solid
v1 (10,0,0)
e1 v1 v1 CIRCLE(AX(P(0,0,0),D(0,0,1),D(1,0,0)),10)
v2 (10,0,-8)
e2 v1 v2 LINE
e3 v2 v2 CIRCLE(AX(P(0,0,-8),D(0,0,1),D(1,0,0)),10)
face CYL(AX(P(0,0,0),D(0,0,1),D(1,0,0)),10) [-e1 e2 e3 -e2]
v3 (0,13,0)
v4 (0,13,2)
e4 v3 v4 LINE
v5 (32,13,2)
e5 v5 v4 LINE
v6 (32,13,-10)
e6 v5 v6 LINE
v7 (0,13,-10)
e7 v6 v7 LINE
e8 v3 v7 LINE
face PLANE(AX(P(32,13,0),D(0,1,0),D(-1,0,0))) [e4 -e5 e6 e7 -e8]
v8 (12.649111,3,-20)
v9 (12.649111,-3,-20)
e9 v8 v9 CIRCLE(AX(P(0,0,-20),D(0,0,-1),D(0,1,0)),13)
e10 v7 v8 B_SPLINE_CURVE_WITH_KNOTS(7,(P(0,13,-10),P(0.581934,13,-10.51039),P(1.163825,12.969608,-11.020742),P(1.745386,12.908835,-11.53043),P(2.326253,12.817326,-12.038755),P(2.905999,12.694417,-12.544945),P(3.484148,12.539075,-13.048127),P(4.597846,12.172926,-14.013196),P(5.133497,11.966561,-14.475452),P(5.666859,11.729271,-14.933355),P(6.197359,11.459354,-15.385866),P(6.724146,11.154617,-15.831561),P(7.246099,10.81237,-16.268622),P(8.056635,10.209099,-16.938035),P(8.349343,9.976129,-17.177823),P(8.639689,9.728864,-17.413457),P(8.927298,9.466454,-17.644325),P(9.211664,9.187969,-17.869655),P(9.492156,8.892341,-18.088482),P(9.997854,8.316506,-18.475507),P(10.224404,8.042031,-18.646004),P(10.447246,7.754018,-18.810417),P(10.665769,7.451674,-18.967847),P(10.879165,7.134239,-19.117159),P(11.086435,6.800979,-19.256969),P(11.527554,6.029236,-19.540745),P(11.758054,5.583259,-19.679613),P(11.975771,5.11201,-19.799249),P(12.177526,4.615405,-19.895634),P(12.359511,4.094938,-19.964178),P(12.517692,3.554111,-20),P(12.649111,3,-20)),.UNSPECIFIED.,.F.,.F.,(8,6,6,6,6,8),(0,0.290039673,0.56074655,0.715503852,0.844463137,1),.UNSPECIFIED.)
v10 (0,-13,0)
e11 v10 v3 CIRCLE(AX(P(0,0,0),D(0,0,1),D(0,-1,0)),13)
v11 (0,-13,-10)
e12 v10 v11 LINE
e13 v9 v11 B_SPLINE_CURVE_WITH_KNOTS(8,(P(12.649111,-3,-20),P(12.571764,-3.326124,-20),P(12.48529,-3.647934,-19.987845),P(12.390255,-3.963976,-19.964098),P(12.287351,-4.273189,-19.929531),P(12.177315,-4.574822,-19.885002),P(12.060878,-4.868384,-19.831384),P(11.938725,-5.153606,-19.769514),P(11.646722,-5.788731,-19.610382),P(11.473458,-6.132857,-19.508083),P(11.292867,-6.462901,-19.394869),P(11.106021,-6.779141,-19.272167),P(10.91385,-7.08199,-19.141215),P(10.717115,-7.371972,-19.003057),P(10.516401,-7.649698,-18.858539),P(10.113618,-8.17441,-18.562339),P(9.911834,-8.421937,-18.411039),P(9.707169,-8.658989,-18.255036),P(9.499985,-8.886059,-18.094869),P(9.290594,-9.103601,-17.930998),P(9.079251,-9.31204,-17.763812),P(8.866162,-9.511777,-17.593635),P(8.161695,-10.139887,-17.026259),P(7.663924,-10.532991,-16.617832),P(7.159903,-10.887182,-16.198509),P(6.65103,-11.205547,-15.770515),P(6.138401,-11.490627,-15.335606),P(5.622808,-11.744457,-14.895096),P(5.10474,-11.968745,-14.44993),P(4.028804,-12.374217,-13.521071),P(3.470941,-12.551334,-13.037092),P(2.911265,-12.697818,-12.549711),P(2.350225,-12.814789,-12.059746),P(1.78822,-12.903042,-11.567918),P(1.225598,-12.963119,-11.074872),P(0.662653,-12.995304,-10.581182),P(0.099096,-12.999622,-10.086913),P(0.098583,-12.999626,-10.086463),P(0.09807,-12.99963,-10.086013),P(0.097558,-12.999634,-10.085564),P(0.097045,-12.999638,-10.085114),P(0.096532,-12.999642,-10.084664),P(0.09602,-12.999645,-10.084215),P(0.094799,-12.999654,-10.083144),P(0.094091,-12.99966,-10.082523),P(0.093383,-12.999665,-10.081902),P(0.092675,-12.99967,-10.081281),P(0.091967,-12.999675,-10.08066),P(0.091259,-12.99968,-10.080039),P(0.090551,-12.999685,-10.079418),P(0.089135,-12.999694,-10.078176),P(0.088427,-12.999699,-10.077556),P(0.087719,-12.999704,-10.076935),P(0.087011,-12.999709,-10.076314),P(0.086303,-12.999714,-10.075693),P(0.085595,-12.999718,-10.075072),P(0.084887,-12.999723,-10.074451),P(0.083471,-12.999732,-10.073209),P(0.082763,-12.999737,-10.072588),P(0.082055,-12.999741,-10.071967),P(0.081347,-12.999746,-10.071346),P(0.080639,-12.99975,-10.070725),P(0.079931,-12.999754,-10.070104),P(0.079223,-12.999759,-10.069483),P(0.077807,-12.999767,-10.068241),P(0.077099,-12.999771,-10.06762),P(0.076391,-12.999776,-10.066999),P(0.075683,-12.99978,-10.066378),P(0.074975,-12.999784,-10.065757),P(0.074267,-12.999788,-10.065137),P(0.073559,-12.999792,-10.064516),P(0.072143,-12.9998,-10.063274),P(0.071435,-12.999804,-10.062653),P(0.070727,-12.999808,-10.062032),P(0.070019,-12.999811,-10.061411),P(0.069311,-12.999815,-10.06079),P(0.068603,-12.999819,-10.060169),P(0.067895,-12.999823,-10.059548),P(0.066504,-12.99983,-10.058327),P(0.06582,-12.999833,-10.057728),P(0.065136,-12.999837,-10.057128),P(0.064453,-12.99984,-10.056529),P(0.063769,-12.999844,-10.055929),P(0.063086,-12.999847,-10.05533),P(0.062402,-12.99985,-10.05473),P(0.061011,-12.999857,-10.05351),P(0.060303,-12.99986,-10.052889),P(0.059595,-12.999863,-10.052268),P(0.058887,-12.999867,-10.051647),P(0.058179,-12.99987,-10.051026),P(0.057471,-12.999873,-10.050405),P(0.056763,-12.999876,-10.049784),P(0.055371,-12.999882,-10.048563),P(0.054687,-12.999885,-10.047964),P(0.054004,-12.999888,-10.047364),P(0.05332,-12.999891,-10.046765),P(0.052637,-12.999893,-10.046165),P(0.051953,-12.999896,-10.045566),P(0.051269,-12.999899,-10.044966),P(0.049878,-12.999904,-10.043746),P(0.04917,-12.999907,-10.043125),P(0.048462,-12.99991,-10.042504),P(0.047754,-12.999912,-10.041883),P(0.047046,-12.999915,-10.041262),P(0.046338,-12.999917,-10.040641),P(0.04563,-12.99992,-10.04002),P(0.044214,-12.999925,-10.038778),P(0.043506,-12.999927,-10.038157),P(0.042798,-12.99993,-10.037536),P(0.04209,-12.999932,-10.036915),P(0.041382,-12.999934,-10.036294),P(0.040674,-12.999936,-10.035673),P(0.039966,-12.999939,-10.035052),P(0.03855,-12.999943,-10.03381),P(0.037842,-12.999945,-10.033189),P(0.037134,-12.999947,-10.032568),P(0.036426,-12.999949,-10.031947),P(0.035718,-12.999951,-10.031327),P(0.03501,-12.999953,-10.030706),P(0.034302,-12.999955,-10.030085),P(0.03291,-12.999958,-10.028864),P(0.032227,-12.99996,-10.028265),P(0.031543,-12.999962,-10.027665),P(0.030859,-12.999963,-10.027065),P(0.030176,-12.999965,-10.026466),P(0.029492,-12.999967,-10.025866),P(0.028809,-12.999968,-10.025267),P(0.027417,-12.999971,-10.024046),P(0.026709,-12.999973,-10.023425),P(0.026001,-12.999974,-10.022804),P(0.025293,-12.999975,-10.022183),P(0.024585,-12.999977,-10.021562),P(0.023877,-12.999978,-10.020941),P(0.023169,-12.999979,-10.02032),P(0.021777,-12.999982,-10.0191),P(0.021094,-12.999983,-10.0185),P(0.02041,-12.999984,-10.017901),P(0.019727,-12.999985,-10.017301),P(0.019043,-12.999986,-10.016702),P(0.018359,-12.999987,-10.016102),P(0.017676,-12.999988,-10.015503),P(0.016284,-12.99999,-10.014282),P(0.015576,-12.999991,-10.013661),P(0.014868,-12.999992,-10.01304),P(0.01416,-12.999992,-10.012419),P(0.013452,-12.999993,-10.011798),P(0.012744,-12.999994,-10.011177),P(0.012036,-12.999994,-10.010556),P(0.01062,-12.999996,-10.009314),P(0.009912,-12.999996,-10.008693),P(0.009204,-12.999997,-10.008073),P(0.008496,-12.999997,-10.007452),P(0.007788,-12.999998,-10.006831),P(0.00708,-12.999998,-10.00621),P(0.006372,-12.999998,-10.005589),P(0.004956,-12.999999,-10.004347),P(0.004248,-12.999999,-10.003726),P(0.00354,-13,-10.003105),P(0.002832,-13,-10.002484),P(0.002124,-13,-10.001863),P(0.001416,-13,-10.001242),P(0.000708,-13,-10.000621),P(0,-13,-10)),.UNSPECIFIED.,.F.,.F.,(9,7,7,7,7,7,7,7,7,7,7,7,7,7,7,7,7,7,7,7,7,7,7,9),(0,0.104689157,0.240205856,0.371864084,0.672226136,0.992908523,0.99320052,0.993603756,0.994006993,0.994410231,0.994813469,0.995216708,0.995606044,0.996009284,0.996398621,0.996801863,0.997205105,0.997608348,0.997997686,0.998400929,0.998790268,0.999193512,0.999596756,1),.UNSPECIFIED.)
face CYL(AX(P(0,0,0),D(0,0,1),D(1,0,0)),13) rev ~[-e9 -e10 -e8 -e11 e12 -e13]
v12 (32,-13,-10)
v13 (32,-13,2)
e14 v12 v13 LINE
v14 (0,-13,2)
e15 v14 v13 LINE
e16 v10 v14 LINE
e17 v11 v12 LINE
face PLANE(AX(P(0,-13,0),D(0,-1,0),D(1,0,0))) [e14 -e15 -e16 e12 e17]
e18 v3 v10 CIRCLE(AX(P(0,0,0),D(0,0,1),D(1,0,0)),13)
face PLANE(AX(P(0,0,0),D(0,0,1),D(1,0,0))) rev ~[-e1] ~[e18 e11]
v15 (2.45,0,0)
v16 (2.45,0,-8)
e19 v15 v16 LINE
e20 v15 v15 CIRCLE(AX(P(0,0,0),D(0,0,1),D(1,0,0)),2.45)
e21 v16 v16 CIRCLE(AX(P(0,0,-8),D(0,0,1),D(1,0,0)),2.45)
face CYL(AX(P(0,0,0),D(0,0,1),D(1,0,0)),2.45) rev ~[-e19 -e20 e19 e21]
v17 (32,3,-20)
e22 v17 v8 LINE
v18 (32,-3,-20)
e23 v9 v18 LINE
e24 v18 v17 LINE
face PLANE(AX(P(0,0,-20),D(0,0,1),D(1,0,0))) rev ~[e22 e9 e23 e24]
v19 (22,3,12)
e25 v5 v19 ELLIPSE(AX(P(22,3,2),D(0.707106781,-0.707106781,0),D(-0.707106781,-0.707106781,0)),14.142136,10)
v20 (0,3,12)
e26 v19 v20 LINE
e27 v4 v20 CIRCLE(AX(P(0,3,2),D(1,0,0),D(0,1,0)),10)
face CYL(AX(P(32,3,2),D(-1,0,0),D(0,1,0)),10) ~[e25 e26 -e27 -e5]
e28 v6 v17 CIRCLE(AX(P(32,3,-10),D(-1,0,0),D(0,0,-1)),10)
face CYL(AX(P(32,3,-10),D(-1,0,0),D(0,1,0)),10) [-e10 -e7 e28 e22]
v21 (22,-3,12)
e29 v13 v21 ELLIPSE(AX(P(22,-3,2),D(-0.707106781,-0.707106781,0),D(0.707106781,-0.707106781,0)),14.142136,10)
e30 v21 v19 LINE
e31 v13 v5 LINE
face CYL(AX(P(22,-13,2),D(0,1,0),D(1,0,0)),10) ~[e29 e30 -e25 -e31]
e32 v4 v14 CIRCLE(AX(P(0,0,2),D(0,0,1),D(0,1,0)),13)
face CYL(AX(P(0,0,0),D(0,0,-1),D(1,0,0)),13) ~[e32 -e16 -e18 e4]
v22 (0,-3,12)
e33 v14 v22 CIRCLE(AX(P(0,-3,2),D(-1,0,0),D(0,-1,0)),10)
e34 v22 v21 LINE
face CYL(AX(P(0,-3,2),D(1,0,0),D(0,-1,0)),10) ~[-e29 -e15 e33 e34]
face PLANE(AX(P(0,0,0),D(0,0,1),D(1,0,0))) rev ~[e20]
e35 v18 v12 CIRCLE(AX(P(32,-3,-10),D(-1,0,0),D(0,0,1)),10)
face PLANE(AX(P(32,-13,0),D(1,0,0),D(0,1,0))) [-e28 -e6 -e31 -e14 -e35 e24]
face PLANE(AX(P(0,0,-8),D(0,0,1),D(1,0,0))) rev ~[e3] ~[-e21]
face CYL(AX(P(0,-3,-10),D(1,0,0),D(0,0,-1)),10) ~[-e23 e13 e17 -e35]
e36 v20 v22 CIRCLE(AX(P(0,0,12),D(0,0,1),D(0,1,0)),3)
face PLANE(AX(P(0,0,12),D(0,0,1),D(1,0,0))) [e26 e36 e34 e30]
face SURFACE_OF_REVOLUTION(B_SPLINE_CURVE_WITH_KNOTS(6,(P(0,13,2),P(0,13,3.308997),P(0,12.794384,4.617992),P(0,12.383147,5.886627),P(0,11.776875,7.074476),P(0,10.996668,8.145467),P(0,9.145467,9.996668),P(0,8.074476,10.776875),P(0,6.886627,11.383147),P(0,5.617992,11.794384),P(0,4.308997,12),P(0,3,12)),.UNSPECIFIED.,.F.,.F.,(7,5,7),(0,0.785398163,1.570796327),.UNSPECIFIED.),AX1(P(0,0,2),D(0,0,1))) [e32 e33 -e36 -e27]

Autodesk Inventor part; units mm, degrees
ref_plane "YZ Plane" through (0, 0, 0) normal (1, 0, 0) x (0, 1, 0)
ref_plane "XZ Plane" through (0, 0, 0) normal (0, 1, 0) x (-1, 0, 0)
ref_plane "XY Plane" through (0, 0, 0) normal (0, 0, 1) x (1, 0, 0)
sketch "Szkic1" plane through (0, 0, 0) normal (0, 0, 1) x (1, 0, 0)
  circle A0 centre (0, 0) radius 10
  circle A1 centre (0, 0) radius 13
  circle A2 centre (0, 0) radius 2.45
  line L0 (0, -13) -> (32, -13)
  line L1 (32, -13) -> (32, 13)
  line L2 (32, 13) -> (0, 13)
  line L3 (-32, -13) -> (32, 13) construction
  line L4 (32, -13) -> (-32, 13) construction
  dimension "d0" = 20
  dimension "d1" = 26
  dimension "d2" = 4.9
extrude "Wyciągnięcie proste1" add sketch "Szkic1" against normal blind 8 contours A0
extrude "Wyciągnięcie proste2" add sketch "Szkic1" along normal blind 12 contours A0 | A1 | A1 L2 L1 L0 | A2
extrude "Wyciągnięcie proste3" add sketch "Szkic1" against normal blind 20 contours A1 L2 L1 L0
fillet "Zaokrąglenie1" radius 10 6 edges at (16, -13, -20) (-13, 0, 12) (16, 13, 12) (16, -13, 12) (16, 13, -20) (32, 0, 12)
properties part number "cchwytak holdeer"
